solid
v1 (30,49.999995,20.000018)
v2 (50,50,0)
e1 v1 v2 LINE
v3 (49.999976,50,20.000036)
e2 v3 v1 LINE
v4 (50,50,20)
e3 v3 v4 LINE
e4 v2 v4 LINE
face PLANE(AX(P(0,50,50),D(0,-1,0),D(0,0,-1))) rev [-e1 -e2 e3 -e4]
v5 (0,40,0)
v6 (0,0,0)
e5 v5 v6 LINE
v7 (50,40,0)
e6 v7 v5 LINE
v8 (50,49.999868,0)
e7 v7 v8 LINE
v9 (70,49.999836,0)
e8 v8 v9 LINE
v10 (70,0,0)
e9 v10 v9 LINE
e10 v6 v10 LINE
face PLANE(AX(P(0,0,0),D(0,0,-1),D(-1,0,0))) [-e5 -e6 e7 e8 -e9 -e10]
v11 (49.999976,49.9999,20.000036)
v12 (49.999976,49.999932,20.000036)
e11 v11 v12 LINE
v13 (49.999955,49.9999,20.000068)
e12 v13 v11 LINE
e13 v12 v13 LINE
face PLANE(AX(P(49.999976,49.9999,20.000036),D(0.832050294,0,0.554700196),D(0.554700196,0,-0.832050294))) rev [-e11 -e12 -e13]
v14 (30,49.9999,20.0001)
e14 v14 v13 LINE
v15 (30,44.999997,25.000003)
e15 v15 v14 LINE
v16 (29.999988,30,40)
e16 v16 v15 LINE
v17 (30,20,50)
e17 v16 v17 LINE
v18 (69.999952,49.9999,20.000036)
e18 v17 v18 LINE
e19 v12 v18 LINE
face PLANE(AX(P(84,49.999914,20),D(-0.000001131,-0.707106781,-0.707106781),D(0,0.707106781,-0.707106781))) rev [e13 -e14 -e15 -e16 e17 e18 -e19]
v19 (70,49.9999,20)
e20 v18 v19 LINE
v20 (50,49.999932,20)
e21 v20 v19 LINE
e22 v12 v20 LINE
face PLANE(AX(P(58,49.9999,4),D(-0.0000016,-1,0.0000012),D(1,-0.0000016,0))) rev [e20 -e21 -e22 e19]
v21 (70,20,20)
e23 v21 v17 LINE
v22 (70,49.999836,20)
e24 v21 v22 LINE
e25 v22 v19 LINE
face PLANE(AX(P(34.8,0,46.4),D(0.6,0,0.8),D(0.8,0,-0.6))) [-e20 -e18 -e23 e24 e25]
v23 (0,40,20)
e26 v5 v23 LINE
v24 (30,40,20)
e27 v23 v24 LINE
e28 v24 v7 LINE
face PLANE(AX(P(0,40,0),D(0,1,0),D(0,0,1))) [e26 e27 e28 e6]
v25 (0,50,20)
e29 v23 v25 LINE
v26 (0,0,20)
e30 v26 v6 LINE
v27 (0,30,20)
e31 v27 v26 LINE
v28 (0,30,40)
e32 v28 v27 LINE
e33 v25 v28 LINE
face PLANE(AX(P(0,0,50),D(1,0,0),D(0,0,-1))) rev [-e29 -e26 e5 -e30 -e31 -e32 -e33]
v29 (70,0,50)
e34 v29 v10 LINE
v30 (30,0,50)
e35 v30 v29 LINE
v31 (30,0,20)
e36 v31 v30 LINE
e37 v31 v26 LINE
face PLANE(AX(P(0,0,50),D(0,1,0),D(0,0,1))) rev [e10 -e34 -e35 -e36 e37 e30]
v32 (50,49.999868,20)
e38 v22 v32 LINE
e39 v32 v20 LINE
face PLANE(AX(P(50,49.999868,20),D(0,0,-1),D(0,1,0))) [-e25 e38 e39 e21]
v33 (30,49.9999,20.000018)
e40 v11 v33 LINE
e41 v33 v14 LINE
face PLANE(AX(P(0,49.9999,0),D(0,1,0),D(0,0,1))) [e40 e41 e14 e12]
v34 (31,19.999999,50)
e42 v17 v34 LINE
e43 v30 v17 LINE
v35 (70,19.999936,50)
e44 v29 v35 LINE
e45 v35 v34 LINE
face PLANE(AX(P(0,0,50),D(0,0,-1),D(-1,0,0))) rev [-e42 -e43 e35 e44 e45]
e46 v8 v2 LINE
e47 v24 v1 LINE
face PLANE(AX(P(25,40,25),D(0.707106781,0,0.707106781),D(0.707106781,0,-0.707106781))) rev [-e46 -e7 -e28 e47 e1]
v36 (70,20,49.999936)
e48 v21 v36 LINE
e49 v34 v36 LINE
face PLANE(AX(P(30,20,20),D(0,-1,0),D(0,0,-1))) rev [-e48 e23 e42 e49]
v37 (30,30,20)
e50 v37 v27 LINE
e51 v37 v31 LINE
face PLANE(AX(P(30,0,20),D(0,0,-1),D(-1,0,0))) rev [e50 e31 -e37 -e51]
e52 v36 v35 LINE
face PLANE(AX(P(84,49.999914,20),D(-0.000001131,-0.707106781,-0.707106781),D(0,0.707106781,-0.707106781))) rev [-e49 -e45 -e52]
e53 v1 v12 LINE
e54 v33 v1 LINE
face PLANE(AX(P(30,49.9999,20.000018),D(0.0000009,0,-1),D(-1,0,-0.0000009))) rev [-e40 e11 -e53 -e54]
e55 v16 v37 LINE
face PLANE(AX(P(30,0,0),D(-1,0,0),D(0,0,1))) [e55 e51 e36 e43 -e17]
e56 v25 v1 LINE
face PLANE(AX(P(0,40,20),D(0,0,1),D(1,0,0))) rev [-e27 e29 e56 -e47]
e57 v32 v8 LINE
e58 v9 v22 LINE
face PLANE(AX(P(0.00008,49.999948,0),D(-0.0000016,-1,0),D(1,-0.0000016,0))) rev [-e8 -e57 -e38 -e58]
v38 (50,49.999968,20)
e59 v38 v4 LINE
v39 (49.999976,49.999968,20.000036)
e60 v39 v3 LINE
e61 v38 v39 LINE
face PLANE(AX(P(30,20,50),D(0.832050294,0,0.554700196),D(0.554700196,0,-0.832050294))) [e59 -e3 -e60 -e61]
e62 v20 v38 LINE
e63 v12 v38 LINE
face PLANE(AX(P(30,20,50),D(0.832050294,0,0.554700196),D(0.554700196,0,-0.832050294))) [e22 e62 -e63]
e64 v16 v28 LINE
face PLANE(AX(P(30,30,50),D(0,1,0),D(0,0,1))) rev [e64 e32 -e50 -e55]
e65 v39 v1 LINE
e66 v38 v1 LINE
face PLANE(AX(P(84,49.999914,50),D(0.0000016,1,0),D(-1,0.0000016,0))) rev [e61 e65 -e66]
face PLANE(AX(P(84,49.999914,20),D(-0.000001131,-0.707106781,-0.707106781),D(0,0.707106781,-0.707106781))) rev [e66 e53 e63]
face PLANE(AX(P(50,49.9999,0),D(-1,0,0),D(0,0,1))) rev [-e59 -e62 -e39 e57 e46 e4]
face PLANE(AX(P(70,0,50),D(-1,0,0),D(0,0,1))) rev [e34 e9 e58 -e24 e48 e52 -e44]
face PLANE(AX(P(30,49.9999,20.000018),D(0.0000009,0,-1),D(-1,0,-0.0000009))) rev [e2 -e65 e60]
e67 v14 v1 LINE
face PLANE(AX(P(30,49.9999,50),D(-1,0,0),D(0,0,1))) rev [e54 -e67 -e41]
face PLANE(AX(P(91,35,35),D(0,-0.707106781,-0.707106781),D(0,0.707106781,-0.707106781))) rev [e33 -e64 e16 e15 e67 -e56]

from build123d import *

# Parameters (mm, degrees)
SKETCH1_W            = 70
SKETCH1_H            = 50
BOSS_EXTRUDE1_DEPTH  = 50
SKETCH2_W            = 30
SKETCH2_H            = 10
CUT_EXTRUDE1_DEPTH   = 50
CUT_EXTRUDE2_DEPTH   = 91
SKETCH6_W            = 20
SKETCH6_H            = 30
CUT_EXTRUDE7_DEPTH   = 30
CUT_EXTRUDE11_DEPTH  = 30
CUT_EXTRUDE12_DEPTH  = 10
BOSS_EXTRUDE8_DEPTH  = 10
SKETCH17_W           = 20
SKETCH17_H           = 20
CUT_EXTRUDE14_DEPTH  = 0.0001
BOSS_EXTRUDE19_DEPTH = 30
BOSS_EXTRUDE20_DEPTH = 20
CUT_EXTRUDE15_DEPTH  = 20
CUT_EXTRUDE16_DEPTH  = 54
CUT_EXTRUDE17_DEPTH  = 54
BOSS_EXTRUDE28_DEPTH = 30
SKETCH28_W           = 30
SKETCH28_H           = 30
BOSS_EXTRUDE30_DEPTH = 31
SKETCH29_W           = 30
SKETCH29_H           = 30
CUT_EXTRUDE20_DEPTH  = 30
CUT_EXTRUDE21_DEPTH  = 30
CUT_EXTRUDE22_DEPTH  = 30
SKETCH32_W           = 20
SKETCH32_H           = 20
CUT_EXTRUDE23_DEPTH  = 0.0001
CUT_EXTRUDE39_DEPTH  = 0.0001


with BuildPart() as part:
    # Sketch1 → Boss-Extrude1 (new body)
    with BuildSketch(Plane.XY):
        with Locations((35, 25)):
            Rectangle(SKETCH1_W, SKETCH1_H)
    extrude(amount=BOSS_EXTRUDE1_DEPTH)

    # Sketch2 → Cut-Extrude1 (cut)
    with BuildSketch(Plane(origin=(0, 50, 0), x_dir=(1, 0, 0), z_dir=(0, 1, 0))):
        with Locations((15, -45)):
            Rectangle(SKETCH2_W, SKETCH2_H)
    extrude(amount=-CUT_EXTRUDE1_DEPTH, mode=Mode.SUBTRACT)

    # Sketch3 → Cut-Extrude2 (cut)
    with BuildSketch(Plane.ZY):
        Polygon((40, 50), (20, 50), (40, 30), align=None)
        Polygon((40, 50), (40, 30), (50, 20), (50, 50), align=None)
    extrude(amount=-CUT_EXTRUDE2_DEPTH, mode=Mode.SUBTRACT)

    # Sketch6 → Cut-Extrude7 (cut)
    with BuildSketch(Plane.ZY):
        with Locations((30, 15)):
            Rectangle(SKETCH6_W, SKETCH6_H)
    extrude(amount=-CUT_EXTRUDE7_DEPTH, mode=Mode.SUBTRACT)

    # Sketch10 → Cut-Extrude11 (cut)
    with BuildSketch(Plane.XY.offset(50)):
        Polygon((30, 20), (70, 20), (70, 50), (50, 50), (30, 30), align=None)
    extrude(amount=-CUT_EXTRUDE11_DEPTH, mode=Mode.SUBTRACT)

    # Sketch11 → Cut-Extrude12 (cut)
    with BuildSketch(Plane(origin=(0, 50, 0), x_dir=(1, 0, 0), z_dir=(0, 1, 0))):
        Polygon((0, 0), (0, -20), (30, -20), (50, 0), align=None)
    extrude(amount=-CUT_EXTRUDE12_DEPTH, mode=Mode.SUBTRACT)

    # Sketch12 → Boss-Extrude8 (add)
    with BuildSketch(Plane.ZY.offset(-30)):
        Polygon((20, 29.999), (20, 20), (20.001, 20), (50, 20), (40.001, 29.999), align=None)
        Polygon((20.001, 20), (20, 20), (20, 0), (50, 0), (50, 20), align=None)
    extrude(amount=-BOSS_EXTRUDE8_DEPTH)

    # Sketch17 → Cut-Extrude14 (cut)
    with BuildSketch(Plane(origin=(0, 50, 0), x_dir=(1, 0, 0), z_dir=(0, 1, 0))):
        with Locations((60, -10)):
            Rectangle(SKETCH17_W, SKETCH17_H)
    extrude(amount=-CUT_EXTRUDE14_DEPTH, mode=Mode.SUBTRACT)

    # Sketch18 → Boss-Extrude19 (add)
    with BuildSketch(Plane(origin=(0, 50, 0), x_dir=(1, 0, 0), z_dir=(0, 1, 0))):
        Polygon((50, 0), (30, -20), (30, -50), (50, -20), align=None)
    extrude(amount=-BOSS_EXTRUDE19_DEPTH)

    # Sketch19 → Boss-Extrude20 (add)
    with BuildSketch(Plane(origin=(34.8, 0, 46.4), x_dir=(-0.8, 0, 0.6), z_dir=(-0.6, 0, -0.8))):
        Polygon((6, 20), (-44, 20), (-44, 49.9999), (6, 50), align=None)
    extrude(amount=BOSS_EXTRUDE20_DEPTH)

    # Sketch21 → Cut-Extrude15 (cut)
    with BuildSketch(Plane(origin=(34.8, 0, 46.4), x_dir=(0.8, 0, -0.6), z_dir=(0.6, 0, 0.8))):
        Polygon((6.5, 27.5), (6.5, 20), (-6, 20), align=None)
    extrude(amount=CUT_EXTRUDE15_DEPTH, mode=Mode.SUBTRACT)

    # Sketch22 → Cut-Extrude16 (cut)
    with BuildSketch(Plane(origin=(8e-05, 49.999988, -6e-05), x_dir=(1, -1.6e-06, 0), z_dir=(1.6e-06, 1, -1.2e-06))):
        Polygon((29.99992, -25.00006), (29.99992, -50.00006), (17.99992, -34.00006), align=None)
    extrude(amount=-CUT_EXTRUDE16_DEPTH, mode=Mode.SUBTRACT)

    # Sketch23 → Cut-Extrude17 (cut)
    with BuildSketch(Plane(origin=(29.99992, -4.8e-05, 0), x_dir=(0, 0, 1), z_dir=(-1, 1.6e-06, 0))):
        Polygon((20, 50.000048), (50, 20.000048), (50, 50.000048), align=None)
    extrude(amount=-CUT_EXTRUDE17_DEPTH, mode=Mode.SUBTRACT)

    # Sketch27 → Boss-Extrude28 (add)
    with BuildSketch(Plane.ZY):
        Polygon((20, 50), (20, 30), (40, 30), align=None)
    extrude(amount=-BOSS_EXTRUDE28_DEPTH)

    # Sketch28 → Boss-Extrude30 (add)
    with BuildSketch(Plane.ZY):
        with Locations((35, 15)):
            Rectangle(SKETCH28_W, SKETCH28_H)
    extrude(amount=-BOSS_EXTRUDE30_DEPTH)

    # Sketch29 → Cut-Extrude20 (cut)
    with BuildSketch(Plane.ZY):
        with Locations((35, 15)):
            Rectangle(SKETCH29_W, SKETCH29_H)
    extrude(amount=-CUT_EXTRUDE20_DEPTH, mode=Mode.SUBTRACT)

    # Sketch30 → Cut-Extrude21 (cut)
    with BuildSketch(Plane(origin=(31, 0, 0), x_dir=(0, 0, -1), z_dir=(1, 0, 0))):
        Polygon((-39.9999984, 30), (-50, 19.999999199), (-50, 30), align=None)
    extrude(amount=-CUT_EXTRUDE21_DEPTH, mode=Mode.SUBTRACT)

    # Sketch31 → Cut-Extrude22 (cut)
    with BuildSketch(Plane(origin=(0, 20, 0), x_dir=(1, 0, 0), z_dir=(0, 1, 0))):
        Polygon((31, -49.25), (30, -50), (31, -50), align=None)
    extrude(amount=CUT_EXTRUDE22_DEPTH, mode=Mode.SUBTRACT)

    # Sketch32 → Cut-Extrude23 (cut)
    with BuildSketch(Plane(origin=(8e-05, 50.000048, 0), x_dir=(1, -1.6e-06, 0), z_dir=(-1.6e-06, -1, 0))):
        with Locations((59.99992, 10)):
            Rectangle(SKETCH32_W, SKETCH32_H)
    extrude(amount=CUT_EXTRUDE23_DEPTH, mode=Mode.SUBTRACT)

    # Sketch33 → Cut-Extrude39 (cut)
    with BuildSketch(Plane(origin=(0, 50, 0), x_dir=(1, 0, 0), z_dir=(0, 1, 0))):
        Polygon((30, -50), (30, -20.000018003), (49.999976, -20.000036), align=None)
    extrude(amount=-CUT_EXTRUDE39_DEPTH, mode=Mode.SUBTRACT)


solid = part.part
